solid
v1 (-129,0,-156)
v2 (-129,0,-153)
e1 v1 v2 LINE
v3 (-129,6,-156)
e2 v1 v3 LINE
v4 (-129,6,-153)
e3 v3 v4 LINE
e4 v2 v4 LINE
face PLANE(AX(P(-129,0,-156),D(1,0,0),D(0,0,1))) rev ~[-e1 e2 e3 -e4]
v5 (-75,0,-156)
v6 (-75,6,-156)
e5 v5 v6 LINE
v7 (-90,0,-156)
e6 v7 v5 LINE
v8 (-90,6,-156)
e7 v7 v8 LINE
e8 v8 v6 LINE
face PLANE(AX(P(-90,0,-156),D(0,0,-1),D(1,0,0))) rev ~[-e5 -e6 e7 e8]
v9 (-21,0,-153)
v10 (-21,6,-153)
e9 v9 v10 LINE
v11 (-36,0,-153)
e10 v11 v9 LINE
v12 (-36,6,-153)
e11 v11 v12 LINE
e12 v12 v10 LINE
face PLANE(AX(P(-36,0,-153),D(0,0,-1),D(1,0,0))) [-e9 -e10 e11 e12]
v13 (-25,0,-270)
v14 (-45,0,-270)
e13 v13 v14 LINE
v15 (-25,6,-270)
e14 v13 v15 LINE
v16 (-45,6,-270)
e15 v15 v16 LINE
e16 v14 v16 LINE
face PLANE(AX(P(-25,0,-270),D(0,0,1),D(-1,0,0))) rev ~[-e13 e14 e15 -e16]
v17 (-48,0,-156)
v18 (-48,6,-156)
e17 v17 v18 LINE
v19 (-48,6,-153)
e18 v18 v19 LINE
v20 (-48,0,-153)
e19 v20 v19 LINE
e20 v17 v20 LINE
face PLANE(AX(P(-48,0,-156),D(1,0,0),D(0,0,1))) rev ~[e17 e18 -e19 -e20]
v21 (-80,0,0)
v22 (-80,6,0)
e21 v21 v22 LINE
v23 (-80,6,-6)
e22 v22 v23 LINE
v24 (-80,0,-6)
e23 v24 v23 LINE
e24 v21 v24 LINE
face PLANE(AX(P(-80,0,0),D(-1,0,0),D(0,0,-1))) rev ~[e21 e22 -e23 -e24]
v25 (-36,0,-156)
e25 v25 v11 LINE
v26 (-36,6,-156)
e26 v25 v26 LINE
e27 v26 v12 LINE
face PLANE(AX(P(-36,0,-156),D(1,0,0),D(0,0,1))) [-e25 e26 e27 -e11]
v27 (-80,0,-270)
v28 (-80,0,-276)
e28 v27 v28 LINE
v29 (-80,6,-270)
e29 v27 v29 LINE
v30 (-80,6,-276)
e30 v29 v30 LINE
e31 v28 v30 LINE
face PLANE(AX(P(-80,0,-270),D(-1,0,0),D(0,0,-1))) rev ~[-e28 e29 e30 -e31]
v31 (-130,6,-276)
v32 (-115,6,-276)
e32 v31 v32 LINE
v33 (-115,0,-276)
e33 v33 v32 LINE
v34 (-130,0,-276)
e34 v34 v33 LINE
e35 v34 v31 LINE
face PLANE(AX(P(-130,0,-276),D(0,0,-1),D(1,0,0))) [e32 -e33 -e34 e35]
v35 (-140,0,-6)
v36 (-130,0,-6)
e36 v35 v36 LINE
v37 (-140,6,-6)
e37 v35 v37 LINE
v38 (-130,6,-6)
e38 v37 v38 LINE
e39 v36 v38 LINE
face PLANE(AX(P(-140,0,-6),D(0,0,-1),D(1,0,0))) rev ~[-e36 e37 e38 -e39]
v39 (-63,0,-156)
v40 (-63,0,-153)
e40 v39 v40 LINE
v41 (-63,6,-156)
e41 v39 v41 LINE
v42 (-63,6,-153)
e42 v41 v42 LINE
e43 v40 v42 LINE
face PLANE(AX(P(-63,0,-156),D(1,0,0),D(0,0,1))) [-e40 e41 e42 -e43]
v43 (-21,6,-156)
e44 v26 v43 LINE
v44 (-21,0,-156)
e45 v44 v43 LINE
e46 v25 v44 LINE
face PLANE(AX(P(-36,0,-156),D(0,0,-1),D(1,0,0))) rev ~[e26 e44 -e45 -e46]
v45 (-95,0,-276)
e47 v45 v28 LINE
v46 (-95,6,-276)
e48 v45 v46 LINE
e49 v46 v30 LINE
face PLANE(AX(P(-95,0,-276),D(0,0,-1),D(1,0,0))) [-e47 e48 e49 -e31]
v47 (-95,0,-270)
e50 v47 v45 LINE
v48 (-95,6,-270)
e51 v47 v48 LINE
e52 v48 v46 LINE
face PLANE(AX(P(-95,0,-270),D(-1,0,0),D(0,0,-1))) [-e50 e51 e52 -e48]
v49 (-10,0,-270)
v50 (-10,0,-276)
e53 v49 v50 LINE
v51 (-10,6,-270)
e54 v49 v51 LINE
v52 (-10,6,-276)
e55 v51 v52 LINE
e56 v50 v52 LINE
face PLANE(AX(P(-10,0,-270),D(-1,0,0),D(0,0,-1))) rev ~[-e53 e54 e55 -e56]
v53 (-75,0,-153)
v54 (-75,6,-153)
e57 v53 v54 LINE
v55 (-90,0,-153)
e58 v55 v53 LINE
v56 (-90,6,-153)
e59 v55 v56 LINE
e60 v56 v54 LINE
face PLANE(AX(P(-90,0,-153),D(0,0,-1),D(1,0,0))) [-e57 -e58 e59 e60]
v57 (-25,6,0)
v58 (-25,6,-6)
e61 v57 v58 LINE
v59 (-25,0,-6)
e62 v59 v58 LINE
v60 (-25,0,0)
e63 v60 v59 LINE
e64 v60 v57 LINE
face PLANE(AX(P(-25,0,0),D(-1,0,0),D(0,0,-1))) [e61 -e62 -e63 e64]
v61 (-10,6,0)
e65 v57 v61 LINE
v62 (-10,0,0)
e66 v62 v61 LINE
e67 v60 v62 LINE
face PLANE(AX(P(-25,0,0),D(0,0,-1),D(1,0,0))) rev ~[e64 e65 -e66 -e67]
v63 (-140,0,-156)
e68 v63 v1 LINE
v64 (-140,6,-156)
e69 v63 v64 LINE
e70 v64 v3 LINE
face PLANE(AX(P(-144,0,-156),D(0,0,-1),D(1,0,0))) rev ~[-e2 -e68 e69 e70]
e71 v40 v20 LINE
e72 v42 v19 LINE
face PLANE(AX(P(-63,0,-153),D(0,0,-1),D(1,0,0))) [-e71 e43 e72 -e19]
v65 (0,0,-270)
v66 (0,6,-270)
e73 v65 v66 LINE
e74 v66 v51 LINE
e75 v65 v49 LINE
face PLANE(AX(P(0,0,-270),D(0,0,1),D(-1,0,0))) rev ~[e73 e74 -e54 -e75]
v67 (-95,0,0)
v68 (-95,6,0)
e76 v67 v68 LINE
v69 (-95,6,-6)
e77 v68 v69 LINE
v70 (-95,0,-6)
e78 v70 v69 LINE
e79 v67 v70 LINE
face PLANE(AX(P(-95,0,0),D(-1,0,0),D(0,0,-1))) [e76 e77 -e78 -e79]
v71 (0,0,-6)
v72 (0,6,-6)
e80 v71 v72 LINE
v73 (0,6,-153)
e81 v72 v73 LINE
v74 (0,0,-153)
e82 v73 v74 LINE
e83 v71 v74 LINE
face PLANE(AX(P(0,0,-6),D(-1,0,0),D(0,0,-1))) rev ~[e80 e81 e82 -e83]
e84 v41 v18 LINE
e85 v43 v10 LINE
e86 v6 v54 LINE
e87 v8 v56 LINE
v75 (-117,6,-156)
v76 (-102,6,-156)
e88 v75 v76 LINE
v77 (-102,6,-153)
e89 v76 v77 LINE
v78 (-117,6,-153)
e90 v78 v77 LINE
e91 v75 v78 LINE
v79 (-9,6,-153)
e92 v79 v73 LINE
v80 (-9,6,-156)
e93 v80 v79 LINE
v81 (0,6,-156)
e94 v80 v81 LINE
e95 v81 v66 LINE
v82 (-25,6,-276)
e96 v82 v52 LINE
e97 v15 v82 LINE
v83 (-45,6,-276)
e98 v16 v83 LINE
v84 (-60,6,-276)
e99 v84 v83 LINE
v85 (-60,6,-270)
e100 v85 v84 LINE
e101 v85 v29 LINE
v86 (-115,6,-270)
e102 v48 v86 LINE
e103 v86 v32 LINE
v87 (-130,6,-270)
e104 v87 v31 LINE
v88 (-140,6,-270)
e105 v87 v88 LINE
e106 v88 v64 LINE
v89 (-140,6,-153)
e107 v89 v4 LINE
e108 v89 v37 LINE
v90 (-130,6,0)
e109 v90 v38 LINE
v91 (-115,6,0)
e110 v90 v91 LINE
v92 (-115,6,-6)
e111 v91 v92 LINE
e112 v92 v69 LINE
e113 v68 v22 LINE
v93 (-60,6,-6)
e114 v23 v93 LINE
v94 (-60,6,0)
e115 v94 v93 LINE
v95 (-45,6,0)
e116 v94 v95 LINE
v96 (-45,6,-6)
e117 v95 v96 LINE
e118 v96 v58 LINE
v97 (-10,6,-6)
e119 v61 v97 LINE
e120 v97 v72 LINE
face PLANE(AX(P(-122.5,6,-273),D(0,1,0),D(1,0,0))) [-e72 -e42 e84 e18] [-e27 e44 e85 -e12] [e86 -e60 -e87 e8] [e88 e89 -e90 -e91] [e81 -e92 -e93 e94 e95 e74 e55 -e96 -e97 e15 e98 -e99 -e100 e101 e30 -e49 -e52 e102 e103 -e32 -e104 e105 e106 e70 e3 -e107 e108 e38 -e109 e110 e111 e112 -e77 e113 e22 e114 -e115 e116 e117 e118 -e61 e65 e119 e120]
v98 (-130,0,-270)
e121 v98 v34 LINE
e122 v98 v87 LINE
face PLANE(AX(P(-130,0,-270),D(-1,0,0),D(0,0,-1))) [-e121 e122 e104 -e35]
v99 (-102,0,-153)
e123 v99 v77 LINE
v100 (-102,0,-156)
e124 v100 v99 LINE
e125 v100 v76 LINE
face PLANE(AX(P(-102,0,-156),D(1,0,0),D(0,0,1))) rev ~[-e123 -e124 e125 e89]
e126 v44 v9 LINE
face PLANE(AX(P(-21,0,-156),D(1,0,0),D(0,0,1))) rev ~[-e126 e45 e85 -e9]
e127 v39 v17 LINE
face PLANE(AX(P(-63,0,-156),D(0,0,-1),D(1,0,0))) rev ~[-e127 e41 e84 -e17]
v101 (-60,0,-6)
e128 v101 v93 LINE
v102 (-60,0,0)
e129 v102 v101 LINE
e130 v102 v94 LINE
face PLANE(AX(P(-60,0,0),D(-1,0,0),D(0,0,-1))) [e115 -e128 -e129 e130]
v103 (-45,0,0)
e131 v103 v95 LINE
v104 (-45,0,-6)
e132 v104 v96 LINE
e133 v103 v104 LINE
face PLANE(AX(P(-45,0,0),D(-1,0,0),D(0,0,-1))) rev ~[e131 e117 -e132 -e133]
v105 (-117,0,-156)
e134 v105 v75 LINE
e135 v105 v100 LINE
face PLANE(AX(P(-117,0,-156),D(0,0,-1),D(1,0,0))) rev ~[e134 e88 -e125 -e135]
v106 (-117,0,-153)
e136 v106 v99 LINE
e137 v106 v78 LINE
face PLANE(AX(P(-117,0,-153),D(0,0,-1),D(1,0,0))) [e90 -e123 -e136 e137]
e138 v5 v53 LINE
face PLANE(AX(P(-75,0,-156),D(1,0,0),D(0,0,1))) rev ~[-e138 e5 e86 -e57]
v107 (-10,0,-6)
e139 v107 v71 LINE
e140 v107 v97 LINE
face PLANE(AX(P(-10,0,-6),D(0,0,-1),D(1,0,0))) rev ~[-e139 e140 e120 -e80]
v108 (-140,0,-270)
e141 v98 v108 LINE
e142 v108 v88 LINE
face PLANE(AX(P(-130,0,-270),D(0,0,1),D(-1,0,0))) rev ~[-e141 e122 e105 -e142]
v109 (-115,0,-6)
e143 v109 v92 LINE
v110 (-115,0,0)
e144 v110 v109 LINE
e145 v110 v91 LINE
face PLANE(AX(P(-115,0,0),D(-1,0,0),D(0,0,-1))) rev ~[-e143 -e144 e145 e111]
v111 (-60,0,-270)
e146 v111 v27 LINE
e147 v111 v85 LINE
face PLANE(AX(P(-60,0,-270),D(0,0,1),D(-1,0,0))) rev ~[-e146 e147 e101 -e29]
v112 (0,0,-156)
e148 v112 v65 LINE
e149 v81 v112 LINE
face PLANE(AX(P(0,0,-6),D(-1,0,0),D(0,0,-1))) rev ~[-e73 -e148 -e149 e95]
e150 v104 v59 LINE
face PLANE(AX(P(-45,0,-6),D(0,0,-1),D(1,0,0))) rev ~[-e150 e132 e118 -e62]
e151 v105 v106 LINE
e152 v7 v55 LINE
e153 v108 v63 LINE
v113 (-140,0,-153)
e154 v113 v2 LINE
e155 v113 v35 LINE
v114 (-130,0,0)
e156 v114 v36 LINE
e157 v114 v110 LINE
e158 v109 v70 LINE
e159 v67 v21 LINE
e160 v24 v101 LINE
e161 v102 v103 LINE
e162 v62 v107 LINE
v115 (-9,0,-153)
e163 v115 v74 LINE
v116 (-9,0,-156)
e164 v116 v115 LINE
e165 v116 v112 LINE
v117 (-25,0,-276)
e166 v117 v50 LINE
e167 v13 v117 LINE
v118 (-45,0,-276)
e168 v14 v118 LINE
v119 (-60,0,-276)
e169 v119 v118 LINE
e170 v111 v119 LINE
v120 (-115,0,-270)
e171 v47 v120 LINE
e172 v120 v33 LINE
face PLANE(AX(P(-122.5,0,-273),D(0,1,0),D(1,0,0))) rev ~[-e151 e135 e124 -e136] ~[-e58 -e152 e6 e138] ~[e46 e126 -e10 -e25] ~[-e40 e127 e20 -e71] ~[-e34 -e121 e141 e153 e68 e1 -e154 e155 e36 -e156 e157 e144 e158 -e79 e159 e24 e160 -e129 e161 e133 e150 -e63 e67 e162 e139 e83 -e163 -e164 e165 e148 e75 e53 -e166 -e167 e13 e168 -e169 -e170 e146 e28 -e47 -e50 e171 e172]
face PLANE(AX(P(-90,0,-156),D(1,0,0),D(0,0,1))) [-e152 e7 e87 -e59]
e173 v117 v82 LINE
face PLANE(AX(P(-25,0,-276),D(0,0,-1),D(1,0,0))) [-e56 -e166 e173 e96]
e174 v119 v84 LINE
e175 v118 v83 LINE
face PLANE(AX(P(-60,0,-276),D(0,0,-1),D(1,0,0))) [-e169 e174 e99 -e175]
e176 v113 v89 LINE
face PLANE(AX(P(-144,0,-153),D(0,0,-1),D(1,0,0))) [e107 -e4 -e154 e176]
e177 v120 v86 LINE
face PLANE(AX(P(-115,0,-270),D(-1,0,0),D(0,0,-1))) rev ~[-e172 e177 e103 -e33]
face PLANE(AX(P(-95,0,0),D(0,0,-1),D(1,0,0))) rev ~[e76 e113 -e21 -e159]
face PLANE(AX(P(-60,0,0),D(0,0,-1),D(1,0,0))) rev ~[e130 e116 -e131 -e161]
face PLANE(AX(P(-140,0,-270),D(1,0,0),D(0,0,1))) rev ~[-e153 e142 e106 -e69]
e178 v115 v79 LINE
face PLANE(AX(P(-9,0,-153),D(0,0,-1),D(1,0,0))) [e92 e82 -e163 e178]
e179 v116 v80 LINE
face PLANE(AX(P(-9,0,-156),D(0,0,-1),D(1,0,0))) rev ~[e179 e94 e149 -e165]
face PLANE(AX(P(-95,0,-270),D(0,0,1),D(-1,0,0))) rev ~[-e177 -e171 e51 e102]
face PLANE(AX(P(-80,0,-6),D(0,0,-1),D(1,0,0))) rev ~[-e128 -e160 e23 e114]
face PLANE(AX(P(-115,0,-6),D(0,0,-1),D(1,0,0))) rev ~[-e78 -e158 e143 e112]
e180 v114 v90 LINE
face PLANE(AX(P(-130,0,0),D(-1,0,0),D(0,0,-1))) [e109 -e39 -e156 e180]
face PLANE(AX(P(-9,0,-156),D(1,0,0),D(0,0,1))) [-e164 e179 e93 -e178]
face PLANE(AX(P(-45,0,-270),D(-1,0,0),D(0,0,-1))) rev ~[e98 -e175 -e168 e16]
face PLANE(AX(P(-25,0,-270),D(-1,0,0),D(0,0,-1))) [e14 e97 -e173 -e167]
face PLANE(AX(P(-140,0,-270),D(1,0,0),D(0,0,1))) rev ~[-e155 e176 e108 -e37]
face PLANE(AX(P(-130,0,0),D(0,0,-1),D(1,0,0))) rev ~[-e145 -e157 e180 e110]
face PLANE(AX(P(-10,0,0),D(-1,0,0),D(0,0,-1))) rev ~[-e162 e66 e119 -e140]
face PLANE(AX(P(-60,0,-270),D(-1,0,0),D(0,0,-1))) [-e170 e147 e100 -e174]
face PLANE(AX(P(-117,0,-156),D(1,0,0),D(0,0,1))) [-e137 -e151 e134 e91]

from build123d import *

# Parameters (mm, degrees)
ESQUISSE1_W             = 15
ESQUISSE1_H             = 6
BOSS_EXTRU_1_DEPTH      = 6
ESQUISSE2_W             = 15
ESQUISSE2_H             = 3
ENL_V_MAT_EXTRU_1_DEPTH = 6


with BuildPart() as part:
    # Esquisse1 → Boss.-Extru.1 (new body)
    with BuildSketch(Plane(origin=(0, 0, 0), x_dir=(1, 0, 0), z_dir=(0, 1, 0))):
        with Locations((-122.5, 273)):
            Rectangle(ESQUISSE1_W, ESQUISSE1_H)
        with Locations((-87.5, 273)):
            Rectangle(ESQUISSE1_W, ESQUISSE1_H)
        with Locations((-52.5, 273)):
            Rectangle(ESQUISSE1_W, ESQUISSE1_H)
        with Locations((-17.5, 273)):
            Rectangle(ESQUISSE1_W, ESQUISSE1_H)
        Polygon((-140, 270), (-140, 138), (0, 138), (0, 270), (-10, 270), (-25, 270), (-45, 270), (-60, 270), (-80, 270), (-95, 270), (-115, 270), (-130, 270), align=None)
        Polygon((0, 138), (-140, 138), (-140, 6), (-130, 6), (-115, 6), (-95, 6), (-80, 6), (-60, 6), (-45, 6), (-25, 6), (-10, 6), (0, 6), align=None)
        with Locations((-122.5, 3)):
            Rectangle(ESQUISSE1_W, ESQUISSE1_H)
        with Locations((-87.5, 3)):
            Rectangle(ESQUISSE1_W, ESQUISSE1_H)
        with Locations((-52.5, 3)):
            Rectangle(ESQUISSE1_W, ESQUISSE1_H)
        with Locations((-17.5, 3)):
            Rectangle(ESQUISSE1_W, ESQUISSE1_H)
    extrude(amount=BOSS_EXTRU_1_DEPTH)

    # Esquisse2 → Enlèv. mat.-Extru.1 (cut)
    with BuildSketch(Plane.XZ):
        with Locations((-1.5, -154.5)):
            Rectangle(ESQUISSE2_W, ESQUISSE2_H)
        with Locations((-28.5, -154.5)):
            Rectangle(ESQUISSE2_W, ESQUISSE2_H)
        with Locations((-55.5, -154.5)):
            Rectangle(ESQUISSE2_W, ESQUISSE2_H)
        with Locations((-82.5, -154.5)):
            Rectangle(ESQUISSE2_W, ESQUISSE2_H)
        with Locations((-109.5, -154.5)):
            Rectangle(ESQUISSE2_W, ESQUISSE2_H)
        with Locations((-136.5, -154.5)):
            Rectangle(ESQUISSE2_W, ESQUISSE2_H)
    extrude(amount=-ENL_V_MAT_EXTRU_1_DEPTH, mode=Mode.SUBTRACT)


solid = part.part
